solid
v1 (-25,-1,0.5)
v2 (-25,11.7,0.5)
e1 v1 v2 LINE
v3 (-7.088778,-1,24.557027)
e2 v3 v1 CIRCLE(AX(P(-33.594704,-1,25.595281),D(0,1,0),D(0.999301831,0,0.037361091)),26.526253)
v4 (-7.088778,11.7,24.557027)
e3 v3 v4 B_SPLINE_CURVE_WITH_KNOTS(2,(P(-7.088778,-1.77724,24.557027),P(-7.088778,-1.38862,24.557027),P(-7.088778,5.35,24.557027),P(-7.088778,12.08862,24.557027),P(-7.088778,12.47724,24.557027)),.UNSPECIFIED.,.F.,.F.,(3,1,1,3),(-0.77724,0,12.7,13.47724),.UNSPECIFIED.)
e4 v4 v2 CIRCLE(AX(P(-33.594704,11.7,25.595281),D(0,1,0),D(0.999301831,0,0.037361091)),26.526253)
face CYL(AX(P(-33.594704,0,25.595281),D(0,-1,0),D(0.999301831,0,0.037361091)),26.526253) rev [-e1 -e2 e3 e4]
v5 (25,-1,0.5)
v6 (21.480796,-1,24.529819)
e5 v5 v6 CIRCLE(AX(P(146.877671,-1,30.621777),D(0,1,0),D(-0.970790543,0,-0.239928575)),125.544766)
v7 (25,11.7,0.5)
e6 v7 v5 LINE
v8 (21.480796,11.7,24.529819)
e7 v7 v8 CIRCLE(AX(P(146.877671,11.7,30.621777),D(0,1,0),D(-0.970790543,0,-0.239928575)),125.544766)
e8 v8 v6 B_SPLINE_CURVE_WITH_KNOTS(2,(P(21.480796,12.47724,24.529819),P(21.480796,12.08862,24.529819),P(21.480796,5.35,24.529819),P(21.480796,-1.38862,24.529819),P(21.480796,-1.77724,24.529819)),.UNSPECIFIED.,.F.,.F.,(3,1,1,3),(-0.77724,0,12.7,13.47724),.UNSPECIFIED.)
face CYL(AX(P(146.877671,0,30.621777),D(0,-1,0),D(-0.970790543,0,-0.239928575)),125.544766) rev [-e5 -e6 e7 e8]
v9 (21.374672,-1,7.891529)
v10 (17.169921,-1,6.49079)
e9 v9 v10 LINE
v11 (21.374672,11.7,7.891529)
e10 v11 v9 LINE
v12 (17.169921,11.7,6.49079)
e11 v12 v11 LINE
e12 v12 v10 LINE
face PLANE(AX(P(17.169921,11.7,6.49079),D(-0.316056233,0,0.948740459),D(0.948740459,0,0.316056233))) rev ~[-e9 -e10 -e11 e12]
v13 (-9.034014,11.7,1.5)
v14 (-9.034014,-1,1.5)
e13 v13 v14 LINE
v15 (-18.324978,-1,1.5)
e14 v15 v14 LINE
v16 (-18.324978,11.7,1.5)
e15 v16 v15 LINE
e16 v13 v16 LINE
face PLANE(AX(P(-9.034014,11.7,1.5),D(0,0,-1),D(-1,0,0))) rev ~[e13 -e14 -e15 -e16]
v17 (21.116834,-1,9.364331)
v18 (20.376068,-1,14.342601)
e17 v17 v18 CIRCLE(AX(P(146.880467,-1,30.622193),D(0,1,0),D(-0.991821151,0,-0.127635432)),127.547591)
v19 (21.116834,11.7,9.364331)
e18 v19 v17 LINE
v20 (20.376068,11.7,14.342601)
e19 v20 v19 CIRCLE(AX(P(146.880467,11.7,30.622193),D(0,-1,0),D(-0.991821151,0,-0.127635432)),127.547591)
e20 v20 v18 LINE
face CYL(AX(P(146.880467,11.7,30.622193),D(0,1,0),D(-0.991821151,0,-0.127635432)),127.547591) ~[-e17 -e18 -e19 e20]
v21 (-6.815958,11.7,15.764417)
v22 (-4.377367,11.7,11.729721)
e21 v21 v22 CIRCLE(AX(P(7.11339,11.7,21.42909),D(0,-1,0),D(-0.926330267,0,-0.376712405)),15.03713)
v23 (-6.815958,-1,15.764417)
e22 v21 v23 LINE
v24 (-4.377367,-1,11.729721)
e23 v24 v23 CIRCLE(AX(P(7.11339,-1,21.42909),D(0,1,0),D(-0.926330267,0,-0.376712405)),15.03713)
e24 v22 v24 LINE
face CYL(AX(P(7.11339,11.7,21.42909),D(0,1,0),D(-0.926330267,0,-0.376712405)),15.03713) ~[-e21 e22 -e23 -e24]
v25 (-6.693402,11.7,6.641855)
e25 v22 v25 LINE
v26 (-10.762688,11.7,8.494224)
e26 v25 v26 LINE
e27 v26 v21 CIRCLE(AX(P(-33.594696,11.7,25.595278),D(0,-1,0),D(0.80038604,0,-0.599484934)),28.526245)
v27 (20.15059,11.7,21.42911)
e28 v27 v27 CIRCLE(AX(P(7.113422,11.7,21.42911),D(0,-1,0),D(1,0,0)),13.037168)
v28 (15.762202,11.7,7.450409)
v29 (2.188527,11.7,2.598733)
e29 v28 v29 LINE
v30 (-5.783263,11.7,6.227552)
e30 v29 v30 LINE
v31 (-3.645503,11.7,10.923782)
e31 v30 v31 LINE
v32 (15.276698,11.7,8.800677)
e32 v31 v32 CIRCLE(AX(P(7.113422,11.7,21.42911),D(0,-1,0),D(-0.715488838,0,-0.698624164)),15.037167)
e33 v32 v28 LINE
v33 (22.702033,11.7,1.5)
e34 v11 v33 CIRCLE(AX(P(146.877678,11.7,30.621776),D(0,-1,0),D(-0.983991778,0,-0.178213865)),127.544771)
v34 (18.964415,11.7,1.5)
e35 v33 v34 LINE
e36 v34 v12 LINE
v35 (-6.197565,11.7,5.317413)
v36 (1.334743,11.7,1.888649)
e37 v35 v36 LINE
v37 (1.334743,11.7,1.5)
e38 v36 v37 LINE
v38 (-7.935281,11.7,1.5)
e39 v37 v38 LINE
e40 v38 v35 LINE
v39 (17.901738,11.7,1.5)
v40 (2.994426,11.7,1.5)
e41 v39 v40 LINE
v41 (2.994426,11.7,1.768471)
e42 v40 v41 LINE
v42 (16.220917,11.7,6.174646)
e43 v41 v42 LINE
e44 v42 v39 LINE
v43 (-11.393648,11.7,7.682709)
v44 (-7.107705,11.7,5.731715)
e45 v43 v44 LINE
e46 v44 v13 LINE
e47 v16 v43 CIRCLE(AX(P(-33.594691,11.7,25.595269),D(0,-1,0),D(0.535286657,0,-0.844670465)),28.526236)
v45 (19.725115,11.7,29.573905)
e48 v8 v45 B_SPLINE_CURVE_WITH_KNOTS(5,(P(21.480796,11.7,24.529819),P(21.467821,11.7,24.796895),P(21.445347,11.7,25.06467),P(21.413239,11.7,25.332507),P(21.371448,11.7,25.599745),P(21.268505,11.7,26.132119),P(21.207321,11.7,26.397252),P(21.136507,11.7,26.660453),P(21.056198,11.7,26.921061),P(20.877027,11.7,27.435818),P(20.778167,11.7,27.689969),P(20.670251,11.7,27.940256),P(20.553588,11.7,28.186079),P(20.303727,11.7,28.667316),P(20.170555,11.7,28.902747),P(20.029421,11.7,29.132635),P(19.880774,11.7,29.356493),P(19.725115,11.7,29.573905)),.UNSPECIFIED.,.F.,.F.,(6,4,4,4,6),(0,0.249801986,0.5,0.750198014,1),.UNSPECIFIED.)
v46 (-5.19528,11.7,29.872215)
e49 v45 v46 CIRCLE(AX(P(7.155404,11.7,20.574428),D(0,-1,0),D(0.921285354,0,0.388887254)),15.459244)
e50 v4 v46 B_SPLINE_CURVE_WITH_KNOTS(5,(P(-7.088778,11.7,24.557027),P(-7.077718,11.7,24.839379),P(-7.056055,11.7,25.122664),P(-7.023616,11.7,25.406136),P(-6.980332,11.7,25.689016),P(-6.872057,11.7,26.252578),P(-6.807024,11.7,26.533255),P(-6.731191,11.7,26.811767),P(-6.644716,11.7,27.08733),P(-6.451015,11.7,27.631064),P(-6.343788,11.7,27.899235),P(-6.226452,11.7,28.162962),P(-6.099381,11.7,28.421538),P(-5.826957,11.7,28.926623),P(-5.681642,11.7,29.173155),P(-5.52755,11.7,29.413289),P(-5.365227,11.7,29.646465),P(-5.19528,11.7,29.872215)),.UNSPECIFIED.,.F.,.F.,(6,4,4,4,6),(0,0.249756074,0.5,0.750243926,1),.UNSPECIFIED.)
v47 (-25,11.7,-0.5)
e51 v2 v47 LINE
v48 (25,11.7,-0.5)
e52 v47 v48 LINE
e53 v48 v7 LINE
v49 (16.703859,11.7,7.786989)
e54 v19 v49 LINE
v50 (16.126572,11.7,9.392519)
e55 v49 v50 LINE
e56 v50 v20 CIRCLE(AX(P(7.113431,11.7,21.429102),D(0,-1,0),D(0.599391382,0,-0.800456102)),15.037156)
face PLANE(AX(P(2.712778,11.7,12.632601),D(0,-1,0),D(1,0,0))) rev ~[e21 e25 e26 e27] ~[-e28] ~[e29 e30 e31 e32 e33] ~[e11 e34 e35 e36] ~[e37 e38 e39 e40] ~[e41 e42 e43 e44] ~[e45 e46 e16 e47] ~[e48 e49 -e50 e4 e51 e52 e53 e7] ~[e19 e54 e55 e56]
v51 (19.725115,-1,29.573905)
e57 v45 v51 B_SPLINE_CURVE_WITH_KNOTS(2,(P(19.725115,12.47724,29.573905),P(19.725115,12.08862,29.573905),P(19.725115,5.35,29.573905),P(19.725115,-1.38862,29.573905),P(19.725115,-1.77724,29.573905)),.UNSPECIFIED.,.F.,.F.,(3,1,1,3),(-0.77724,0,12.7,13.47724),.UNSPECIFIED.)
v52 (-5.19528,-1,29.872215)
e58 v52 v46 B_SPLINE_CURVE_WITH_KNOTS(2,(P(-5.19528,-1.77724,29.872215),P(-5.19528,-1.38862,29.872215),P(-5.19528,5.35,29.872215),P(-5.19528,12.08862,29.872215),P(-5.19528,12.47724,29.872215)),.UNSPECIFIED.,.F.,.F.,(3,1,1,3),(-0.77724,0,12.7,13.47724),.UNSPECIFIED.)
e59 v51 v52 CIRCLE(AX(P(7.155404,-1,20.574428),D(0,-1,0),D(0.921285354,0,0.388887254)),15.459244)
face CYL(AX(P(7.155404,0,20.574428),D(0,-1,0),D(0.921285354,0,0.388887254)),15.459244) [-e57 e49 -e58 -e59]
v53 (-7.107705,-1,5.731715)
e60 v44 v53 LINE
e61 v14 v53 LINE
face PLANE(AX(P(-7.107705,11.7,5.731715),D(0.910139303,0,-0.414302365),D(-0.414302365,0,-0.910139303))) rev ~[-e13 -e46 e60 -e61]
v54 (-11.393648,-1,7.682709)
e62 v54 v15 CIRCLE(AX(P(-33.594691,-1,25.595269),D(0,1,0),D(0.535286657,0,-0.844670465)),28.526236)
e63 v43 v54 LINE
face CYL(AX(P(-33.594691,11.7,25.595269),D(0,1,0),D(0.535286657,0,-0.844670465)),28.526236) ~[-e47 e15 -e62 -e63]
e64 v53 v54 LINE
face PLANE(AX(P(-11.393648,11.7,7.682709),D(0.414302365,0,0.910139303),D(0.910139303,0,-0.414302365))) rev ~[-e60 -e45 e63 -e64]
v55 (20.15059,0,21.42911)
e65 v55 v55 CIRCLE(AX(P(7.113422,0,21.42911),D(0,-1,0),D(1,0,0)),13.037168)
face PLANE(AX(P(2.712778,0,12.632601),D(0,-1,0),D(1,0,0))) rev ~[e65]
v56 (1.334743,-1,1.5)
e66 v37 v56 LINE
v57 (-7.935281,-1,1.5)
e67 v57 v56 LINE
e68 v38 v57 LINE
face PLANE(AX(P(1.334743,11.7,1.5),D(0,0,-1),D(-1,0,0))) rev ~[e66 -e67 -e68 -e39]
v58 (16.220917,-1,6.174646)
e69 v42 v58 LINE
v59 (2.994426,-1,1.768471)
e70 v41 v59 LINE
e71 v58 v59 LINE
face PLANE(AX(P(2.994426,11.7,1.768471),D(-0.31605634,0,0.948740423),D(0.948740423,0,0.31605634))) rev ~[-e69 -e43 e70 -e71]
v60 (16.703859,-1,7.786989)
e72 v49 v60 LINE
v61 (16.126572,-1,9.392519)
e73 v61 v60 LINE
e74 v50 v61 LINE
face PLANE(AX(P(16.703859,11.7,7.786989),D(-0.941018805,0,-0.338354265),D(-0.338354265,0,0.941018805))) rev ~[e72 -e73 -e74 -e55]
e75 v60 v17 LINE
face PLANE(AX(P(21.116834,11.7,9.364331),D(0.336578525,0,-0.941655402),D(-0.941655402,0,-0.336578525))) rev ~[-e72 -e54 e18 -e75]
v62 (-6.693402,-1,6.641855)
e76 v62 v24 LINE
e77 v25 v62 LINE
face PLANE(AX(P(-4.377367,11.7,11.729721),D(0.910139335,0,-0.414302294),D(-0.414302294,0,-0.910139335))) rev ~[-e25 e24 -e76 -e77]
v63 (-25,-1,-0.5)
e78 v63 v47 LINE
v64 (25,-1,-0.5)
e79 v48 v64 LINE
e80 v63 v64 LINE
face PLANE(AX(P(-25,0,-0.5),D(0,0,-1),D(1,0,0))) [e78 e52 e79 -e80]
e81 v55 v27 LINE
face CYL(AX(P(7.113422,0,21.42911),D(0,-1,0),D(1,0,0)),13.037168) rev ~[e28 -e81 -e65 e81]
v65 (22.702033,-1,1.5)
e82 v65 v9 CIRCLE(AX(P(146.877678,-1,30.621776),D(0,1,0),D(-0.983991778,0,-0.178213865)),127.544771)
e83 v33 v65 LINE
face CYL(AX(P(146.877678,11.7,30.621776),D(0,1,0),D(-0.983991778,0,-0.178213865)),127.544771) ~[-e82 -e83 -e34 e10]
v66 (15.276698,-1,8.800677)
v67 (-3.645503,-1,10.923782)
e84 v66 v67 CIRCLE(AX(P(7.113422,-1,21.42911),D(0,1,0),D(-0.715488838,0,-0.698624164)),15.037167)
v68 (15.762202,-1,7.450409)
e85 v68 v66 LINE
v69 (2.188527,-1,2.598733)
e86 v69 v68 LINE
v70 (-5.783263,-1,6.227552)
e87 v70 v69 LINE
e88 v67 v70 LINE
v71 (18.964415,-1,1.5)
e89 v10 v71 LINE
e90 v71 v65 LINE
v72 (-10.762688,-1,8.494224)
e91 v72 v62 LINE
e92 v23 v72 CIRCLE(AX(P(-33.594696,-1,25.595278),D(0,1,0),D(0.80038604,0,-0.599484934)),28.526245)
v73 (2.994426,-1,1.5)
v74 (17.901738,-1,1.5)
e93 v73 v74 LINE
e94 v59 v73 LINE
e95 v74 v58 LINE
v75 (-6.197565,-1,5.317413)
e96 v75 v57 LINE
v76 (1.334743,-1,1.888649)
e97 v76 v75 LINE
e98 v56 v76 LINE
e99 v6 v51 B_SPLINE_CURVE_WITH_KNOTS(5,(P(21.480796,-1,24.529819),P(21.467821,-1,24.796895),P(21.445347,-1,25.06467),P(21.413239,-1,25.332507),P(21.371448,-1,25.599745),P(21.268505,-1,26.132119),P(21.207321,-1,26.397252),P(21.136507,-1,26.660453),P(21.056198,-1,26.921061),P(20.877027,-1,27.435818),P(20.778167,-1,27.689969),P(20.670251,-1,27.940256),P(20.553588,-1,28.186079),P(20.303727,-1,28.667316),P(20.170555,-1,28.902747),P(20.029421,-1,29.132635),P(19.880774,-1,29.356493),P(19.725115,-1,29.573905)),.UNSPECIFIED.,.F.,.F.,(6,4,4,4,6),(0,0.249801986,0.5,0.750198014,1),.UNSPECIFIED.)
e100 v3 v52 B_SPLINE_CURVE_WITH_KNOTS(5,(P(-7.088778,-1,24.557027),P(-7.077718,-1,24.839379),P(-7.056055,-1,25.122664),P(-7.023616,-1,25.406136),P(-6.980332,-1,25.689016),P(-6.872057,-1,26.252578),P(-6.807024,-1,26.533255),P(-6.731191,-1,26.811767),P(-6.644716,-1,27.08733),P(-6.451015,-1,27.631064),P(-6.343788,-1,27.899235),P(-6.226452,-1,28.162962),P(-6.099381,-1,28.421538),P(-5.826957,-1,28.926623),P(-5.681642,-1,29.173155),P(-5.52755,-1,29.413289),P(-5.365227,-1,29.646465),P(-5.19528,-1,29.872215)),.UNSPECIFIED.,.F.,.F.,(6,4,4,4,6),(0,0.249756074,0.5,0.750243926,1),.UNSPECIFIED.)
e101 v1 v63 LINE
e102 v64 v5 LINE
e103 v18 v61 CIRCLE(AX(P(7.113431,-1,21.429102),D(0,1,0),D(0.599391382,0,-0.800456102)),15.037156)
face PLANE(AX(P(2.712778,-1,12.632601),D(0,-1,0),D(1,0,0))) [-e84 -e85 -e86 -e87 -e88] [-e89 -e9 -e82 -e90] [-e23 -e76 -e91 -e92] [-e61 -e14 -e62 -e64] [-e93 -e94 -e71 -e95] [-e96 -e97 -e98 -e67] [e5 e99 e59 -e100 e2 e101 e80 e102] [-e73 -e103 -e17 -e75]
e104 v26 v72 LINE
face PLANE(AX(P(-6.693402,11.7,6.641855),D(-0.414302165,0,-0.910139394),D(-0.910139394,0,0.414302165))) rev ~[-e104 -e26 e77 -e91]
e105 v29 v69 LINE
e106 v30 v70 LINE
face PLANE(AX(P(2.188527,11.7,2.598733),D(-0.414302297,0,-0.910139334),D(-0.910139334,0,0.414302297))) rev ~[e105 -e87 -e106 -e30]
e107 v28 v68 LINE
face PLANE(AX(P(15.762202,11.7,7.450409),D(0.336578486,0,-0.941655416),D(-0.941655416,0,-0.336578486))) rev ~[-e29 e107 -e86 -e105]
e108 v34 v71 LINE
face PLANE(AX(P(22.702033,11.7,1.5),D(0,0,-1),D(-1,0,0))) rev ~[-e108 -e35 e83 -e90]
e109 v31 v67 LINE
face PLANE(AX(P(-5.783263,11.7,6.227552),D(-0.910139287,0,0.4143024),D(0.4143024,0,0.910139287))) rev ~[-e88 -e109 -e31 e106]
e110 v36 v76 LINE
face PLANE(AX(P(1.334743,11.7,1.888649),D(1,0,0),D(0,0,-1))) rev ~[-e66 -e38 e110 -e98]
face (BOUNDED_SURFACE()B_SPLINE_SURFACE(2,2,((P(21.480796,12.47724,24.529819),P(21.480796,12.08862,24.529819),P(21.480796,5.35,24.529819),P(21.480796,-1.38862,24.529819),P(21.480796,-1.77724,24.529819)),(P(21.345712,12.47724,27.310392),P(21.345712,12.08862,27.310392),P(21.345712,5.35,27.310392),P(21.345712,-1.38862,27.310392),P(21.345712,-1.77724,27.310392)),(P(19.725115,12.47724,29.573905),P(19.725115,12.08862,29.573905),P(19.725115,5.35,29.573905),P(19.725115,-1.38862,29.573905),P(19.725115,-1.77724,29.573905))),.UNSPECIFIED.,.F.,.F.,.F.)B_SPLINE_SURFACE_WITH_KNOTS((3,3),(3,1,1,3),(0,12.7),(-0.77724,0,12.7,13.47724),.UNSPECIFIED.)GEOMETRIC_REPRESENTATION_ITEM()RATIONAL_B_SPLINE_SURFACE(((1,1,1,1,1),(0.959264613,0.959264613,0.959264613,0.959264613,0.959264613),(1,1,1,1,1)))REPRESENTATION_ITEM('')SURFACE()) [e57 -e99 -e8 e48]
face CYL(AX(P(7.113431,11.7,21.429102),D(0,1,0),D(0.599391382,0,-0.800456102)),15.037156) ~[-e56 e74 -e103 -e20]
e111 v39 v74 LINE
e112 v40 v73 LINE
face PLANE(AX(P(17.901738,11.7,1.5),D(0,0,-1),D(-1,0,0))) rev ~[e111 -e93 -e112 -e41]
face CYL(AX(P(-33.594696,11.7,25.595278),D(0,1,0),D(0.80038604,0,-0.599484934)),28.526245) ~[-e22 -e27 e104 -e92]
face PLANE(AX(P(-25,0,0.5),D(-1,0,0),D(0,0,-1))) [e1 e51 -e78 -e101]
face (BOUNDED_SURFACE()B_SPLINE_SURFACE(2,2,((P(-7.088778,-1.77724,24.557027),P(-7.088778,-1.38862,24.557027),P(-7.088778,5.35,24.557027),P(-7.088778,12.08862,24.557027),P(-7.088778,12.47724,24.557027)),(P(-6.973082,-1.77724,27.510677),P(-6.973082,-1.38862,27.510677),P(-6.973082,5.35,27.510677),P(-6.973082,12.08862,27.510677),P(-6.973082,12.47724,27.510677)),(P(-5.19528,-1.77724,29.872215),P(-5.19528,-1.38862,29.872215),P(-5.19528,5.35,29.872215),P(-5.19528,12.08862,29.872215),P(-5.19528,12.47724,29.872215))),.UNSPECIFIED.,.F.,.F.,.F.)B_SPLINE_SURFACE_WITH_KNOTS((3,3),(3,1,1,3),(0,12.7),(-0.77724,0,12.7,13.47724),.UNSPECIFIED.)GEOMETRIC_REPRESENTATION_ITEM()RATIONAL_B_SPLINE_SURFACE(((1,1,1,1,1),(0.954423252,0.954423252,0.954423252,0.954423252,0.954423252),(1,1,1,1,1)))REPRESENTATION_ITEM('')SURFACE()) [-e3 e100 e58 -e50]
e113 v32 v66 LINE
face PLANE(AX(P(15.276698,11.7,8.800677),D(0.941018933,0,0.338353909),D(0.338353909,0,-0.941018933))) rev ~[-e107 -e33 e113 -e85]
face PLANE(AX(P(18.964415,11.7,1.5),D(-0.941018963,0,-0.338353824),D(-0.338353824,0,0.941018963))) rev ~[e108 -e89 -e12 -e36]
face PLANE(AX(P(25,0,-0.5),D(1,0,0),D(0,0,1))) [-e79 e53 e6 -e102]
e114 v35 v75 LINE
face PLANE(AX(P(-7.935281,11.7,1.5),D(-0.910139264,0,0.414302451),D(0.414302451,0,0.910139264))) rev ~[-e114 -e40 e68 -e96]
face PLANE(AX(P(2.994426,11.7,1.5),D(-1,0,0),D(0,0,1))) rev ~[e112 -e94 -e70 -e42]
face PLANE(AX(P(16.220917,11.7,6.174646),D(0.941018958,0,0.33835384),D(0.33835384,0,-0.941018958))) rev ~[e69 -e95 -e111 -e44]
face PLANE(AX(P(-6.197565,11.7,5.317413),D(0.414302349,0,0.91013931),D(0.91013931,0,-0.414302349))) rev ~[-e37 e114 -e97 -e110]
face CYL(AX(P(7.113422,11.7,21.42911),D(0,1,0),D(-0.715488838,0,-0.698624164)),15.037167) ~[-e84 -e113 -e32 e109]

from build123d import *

# Parameters (mm, degrees)
F0_R     = 13.037168
F1_DEPTH = 1
F2_DEPTH = 11.7
F4_DEPTH = 25
F5_R     = 9.452617


with BuildPart() as f1:
    # F0 (on Front) → F1 (new body)
    with BuildSketch(Plane.XZ):
        with BuildLine():
            Line((-25, -0.5), (25, -0.5))
            Line((25, -0.5), (25, 0.5))
            ThreePointArc((25, 0.5), (22.513025, 13.448456), (21.397779, 26.586331))
            ThreePointArc((21.397779, 26.586331), (7.155404, 36.033672), (-7.086971, 26.586331))
            ThreePointArc((-7.086971, 26.586331), (-11.727618, 10.579535), (-25, 0.5))
            Line((-25, 0.5), (-25, -0.5))
        make_face()
        with Locations((7.113422, 21.42911)):
            Circle(F0_R, mode=Mode.SUBTRACT)
        with Locations((7.113422, 21.42911)):
            Circle(F0_R)
    extrude(amount=F1_DEPTH)

    # F0 (on Front) → F2 (join)
    with BuildSketch(Plane.XZ):
        with BuildLine():
            Line((-25, -0.5), (25, -0.5))
            Line((25, -0.5), (25, 0.5))
            ThreePointArc((25, 0.5), (22.513025, 13.448456), (21.397779, 26.586331))
            ThreePointArc((21.397779, 26.586331), (7.155404, 36.033672), (-7.086971, 26.586331))
            ThreePointArc((-7.086971, 26.586331), (-11.727618, 10.579535), (-25, 0.5))
            Line((-25, 0.5), (-25, -0.5))
        make_face()
        with Locations((7.113422, 21.42911)):
            Circle(F0_R, mode=Mode.SUBTRACT)
    extrude(amount=-F2_DEPTH)

    # F3 (on face) → F4 (cut)
    with BuildSketch(Plane(origin=(0, 11.7, 0), x_dir=(-1, 0, 0), z_dir=(0, 1, 0))):
        with BuildLine():
            Line((-17.169921, 6.49079), (-21.374672, 7.891529))
            ThreePointArc((-21.374672, 7.891529), (-21.997455, 4.687271), (-22.702033, 1.5))
            Line((-22.702033, 1.5), (-18.964415, 1.5))
            Line((-18.964415, 1.5), (-17.169921, 6.49079))
        make_face()
        with BuildLine():
            Line((-16.703859, 7.786989), (-16.126572, 9.392519))
            ThreePointArc((-16.126572, 9.392519), (-18.523006, 11.634326), (-20.376068, 14.342601))
            ThreePointArc((-20.376068, 14.342601), (-20.721893, 11.849812), (-21.116834, 9.364331))
            Line((-21.116834, 9.364331), (-16.703859, 7.786989))
        make_face()
        with BuildLine():
            Line((5.783263, 6.227552), (3.645503, 10.923782))
            ThreePointArc((3.645503, 10.923782), (-5.436746, 6.485712), (-15.276698, 8.800677))
            Line((-15.276698, 8.800677), (-15.762202, 7.450409))
            Line((-15.762202, 7.450409), (-2.188527, 2.598733))
            Line((-2.188527, 2.598733), (5.783263, 6.227552))
        make_face()
        Polygon((-17.901738, 1.5), (-2.994426, 1.5), (-2.994426, 1.768471), (-16.220917, 6.174646), align=None)
        Polygon((-1.334743, 1.5), (7.935281, 1.5), (6.197565, 5.317413), (-1.334743, 1.888649), align=None)
        with BuildLine():
            ThreePointArc((18.324978, 1.5), (14.605987, 4.307356), (11.393648, 7.682709))
            Line((11.393648, 7.682709), (7.107705, 5.731715))
            Line((7.107705, 5.731715), (9.034014, 1.5))
            Line((9.034014, 1.5), (18.324978, 1.5))
        make_face()
        with BuildLine():
            ThreePointArc((10.762688, 8.494224), (8.524386, 11.985495), (6.815958, 15.764417))
            ThreePointArc((6.815958, 15.764417), (5.755764, 13.650907), (4.377367, 11.729721))
            Line((4.377367, 11.729721), (6.693402, 6.641855))
            Line((6.693402, 6.641855), (10.762688, 8.494224))
        make_face()
    extrude(amount=-F4_DEPTH, mode=Mode.SUBTRACT)

    # F5
    f5_edges = [f1.edges().sort_by_distance(p)[0] for p in [
        (-7.086971, 5.35, 26.586331),
        (21.397779, 5.35, 26.586331),
    ]]
    fillet(f5_edges, radius=F5_R)


solid = f1.part
